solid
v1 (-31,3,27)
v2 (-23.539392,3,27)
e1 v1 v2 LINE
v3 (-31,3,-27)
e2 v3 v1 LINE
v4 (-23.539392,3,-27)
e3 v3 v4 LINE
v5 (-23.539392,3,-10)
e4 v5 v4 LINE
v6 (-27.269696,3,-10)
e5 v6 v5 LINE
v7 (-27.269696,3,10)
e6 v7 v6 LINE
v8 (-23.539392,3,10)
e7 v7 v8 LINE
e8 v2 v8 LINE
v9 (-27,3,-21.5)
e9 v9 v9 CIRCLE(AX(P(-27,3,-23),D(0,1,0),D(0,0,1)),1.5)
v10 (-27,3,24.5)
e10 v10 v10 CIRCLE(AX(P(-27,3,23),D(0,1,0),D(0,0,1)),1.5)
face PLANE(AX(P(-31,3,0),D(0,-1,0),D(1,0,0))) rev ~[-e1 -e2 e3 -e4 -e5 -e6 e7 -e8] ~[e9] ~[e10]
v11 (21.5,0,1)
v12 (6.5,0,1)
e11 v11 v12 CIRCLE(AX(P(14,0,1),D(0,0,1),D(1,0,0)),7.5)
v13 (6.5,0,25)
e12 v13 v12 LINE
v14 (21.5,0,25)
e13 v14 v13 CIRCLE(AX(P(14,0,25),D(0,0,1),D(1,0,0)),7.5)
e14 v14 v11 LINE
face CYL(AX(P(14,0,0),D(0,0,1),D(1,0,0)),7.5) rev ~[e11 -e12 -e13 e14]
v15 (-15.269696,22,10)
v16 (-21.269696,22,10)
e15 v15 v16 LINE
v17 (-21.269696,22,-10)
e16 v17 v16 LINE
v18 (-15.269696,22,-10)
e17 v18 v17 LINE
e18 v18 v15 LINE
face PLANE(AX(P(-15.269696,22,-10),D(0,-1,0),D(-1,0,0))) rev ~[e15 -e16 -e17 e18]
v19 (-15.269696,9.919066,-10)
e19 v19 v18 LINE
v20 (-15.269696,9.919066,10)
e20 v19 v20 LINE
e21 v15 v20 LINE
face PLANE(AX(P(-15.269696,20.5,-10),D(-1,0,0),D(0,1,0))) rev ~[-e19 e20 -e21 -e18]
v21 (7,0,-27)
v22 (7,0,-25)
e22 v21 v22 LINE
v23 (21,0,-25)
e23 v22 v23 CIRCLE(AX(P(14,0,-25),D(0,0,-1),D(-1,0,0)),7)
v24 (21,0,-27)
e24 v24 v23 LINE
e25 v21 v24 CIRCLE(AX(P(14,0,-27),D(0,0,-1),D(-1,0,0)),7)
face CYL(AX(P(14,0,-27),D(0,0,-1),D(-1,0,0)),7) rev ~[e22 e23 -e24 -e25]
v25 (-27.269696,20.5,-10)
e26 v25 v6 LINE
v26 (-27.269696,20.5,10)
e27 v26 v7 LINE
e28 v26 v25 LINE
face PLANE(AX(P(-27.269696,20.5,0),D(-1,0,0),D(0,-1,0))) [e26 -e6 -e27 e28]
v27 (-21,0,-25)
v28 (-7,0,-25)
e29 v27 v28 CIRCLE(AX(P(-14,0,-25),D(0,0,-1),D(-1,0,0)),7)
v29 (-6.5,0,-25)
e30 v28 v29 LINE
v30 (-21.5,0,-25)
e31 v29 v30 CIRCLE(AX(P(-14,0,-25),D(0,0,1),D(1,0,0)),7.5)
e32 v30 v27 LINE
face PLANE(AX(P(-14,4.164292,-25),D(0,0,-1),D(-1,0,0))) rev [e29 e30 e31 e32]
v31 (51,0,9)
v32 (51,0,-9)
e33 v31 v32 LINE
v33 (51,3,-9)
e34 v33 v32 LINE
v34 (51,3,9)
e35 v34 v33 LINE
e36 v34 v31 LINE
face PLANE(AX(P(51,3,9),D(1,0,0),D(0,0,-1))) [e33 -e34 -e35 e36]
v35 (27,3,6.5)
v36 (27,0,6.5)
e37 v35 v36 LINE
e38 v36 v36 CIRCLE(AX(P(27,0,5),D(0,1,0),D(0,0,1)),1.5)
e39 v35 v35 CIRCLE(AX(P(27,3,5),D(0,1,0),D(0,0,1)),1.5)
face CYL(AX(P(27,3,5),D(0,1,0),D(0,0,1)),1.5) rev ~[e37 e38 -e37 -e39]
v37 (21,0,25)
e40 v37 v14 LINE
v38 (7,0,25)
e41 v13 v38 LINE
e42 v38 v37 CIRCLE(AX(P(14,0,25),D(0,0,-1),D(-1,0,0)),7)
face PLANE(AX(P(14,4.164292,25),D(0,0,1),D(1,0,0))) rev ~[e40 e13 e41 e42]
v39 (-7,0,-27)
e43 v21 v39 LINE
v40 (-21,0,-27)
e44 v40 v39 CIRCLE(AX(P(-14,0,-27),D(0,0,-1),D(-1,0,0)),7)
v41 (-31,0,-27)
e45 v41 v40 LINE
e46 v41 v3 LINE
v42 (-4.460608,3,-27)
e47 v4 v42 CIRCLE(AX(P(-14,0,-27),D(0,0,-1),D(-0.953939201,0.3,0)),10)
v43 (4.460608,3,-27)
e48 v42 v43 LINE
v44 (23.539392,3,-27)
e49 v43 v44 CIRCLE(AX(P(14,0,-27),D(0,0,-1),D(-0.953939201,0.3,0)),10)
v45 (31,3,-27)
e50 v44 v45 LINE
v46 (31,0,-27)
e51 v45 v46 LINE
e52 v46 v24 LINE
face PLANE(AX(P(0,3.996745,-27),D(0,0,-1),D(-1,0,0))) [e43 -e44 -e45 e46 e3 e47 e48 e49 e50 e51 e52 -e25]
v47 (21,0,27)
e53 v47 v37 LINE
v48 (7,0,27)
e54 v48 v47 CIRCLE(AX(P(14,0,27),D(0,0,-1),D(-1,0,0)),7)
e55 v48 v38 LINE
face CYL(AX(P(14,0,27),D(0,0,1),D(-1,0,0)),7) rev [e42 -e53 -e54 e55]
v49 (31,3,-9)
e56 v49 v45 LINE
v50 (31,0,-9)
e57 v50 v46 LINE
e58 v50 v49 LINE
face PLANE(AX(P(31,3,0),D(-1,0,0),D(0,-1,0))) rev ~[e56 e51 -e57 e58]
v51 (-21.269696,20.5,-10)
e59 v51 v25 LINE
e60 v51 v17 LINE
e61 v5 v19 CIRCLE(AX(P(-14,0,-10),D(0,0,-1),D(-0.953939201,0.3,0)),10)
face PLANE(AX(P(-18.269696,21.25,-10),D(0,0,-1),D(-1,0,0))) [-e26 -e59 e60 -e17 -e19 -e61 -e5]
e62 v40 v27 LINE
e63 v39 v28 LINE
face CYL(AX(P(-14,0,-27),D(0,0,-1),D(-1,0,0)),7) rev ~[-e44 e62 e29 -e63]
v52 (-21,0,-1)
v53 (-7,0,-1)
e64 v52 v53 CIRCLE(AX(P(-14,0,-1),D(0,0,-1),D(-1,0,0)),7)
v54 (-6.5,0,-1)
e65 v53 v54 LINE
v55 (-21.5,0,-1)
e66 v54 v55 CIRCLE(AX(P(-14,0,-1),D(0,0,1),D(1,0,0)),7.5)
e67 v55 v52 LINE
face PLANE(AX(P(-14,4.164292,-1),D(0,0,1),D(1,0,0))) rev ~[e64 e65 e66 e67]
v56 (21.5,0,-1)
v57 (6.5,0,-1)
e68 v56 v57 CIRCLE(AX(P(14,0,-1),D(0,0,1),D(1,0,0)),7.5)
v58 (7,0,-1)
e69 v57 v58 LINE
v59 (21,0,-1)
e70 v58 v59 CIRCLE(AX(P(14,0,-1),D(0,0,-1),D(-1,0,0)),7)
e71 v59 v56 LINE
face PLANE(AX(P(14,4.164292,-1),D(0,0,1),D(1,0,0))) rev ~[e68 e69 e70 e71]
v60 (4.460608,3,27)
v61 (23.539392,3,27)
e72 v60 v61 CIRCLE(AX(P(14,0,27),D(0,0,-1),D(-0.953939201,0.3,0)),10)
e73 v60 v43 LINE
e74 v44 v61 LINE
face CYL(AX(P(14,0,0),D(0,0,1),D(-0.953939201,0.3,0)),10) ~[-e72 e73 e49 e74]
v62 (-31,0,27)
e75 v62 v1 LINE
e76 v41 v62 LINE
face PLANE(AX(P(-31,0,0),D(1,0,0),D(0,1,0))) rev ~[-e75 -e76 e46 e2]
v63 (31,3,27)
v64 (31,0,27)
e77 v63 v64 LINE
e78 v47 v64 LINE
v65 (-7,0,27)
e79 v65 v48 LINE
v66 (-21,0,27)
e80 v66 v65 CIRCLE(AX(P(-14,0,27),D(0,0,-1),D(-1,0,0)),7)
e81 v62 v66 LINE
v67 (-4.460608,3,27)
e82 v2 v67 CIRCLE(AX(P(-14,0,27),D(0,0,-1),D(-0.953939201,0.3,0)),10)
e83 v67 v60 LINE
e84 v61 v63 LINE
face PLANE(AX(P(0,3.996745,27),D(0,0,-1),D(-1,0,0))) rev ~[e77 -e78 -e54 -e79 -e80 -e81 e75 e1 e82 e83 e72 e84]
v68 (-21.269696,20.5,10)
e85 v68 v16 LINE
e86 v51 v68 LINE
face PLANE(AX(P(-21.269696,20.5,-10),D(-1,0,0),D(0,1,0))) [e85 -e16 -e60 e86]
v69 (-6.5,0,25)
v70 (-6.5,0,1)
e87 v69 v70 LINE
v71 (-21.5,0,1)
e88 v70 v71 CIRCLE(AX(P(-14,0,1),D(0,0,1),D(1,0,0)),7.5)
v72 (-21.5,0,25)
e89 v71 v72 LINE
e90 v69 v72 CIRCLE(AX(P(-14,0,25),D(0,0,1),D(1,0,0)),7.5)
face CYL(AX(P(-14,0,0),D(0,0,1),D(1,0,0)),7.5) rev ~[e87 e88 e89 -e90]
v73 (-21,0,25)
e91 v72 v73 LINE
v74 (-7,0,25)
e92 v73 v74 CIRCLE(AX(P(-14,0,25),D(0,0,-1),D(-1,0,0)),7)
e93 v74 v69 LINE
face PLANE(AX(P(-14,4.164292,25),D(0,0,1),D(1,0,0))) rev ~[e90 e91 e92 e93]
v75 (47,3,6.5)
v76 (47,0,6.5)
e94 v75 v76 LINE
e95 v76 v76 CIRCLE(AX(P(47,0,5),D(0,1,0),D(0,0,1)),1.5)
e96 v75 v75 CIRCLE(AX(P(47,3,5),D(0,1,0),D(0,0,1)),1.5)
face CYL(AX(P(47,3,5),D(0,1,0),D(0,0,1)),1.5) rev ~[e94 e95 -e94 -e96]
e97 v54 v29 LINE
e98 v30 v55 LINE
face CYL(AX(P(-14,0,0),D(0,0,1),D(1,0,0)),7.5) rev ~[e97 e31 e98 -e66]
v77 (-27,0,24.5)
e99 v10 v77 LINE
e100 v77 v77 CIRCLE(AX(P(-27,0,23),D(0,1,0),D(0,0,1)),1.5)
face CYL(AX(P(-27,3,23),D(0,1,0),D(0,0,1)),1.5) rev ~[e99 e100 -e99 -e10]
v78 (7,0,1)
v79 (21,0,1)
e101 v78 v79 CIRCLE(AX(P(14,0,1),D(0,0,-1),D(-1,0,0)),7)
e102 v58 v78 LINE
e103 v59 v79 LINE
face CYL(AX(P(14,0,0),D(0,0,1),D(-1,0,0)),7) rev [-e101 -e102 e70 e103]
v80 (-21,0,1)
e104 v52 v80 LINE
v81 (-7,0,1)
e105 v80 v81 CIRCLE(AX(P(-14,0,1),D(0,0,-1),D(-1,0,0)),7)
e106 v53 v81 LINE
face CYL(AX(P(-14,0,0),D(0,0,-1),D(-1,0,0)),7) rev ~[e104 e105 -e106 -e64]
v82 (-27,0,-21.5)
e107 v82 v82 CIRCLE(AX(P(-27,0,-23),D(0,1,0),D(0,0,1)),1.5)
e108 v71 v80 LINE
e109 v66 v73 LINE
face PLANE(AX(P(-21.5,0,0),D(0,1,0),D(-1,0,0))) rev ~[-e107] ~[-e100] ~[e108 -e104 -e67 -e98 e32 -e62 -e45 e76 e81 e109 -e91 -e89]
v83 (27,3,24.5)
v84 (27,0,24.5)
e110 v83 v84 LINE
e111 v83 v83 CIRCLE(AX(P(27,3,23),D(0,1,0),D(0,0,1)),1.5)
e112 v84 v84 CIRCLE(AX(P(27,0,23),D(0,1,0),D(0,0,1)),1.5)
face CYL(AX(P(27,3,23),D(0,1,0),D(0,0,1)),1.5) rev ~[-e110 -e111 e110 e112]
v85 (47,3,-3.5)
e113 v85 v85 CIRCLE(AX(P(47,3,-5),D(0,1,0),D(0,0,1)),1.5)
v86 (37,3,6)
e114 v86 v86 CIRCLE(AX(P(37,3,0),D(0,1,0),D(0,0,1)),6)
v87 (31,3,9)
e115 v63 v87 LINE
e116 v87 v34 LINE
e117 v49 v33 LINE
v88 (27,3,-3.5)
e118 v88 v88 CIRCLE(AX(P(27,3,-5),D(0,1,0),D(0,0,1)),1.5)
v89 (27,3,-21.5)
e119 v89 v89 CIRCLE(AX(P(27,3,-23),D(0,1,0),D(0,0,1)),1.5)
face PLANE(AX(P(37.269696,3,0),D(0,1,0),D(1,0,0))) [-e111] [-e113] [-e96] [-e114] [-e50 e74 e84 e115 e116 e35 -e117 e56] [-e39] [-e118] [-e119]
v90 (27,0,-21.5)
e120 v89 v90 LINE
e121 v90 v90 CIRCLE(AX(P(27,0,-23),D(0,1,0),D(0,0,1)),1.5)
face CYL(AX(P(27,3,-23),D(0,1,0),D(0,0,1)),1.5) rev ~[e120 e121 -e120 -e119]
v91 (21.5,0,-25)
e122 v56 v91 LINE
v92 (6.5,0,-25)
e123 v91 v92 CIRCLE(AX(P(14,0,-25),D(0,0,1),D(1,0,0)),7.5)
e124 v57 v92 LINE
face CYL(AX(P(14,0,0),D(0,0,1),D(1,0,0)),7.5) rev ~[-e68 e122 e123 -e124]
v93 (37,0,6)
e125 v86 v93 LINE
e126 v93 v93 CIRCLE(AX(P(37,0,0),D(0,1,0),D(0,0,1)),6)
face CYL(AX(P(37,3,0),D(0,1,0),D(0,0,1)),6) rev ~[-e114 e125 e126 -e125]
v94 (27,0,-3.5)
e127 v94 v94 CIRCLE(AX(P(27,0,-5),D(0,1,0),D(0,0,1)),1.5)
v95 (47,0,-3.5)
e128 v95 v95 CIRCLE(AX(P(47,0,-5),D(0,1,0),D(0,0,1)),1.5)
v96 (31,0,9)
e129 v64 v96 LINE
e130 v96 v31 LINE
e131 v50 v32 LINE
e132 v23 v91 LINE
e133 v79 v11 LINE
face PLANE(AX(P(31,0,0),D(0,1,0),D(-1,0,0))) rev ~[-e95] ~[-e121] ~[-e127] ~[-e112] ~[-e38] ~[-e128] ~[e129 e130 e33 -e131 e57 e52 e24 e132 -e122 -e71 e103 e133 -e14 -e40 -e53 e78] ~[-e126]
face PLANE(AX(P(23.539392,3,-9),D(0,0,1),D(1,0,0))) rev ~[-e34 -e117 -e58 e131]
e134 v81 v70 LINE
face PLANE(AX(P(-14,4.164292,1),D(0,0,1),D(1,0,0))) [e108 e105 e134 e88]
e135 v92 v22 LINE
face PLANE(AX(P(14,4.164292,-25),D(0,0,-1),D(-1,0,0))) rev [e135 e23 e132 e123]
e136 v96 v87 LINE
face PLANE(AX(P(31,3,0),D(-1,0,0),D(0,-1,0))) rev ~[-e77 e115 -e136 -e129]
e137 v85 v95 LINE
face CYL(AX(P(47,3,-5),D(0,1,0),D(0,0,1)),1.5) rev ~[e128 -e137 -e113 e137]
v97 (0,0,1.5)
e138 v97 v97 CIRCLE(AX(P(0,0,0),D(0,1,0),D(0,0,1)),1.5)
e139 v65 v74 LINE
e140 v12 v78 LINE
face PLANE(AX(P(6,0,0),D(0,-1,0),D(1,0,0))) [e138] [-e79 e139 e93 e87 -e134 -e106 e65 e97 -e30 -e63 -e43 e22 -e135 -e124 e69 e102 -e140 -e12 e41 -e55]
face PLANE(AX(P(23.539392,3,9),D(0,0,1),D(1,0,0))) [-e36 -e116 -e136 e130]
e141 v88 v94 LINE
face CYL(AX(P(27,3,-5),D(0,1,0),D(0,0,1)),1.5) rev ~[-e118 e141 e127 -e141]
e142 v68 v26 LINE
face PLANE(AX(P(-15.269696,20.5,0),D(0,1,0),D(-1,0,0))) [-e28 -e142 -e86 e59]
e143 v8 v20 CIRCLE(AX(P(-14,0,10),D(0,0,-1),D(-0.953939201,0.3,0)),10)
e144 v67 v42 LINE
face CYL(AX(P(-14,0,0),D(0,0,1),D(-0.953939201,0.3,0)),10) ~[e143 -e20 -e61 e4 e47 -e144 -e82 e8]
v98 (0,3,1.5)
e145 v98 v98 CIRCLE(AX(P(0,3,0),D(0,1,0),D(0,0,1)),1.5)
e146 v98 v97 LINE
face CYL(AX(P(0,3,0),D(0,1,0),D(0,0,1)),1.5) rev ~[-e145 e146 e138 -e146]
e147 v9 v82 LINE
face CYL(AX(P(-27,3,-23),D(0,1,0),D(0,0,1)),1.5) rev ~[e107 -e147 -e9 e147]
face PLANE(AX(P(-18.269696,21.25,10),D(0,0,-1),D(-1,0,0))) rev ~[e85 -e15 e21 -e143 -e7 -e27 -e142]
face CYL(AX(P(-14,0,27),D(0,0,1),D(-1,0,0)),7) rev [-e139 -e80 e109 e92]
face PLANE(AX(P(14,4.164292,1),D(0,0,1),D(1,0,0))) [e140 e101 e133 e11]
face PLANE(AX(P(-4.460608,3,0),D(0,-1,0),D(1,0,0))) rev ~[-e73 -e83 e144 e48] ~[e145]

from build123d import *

# Parameters (mm, degrees)
BOSS_EXTRUDE1_DEPTH = 27
BOSS_EXTRUDE2_DEPTH = 2
BOSS_EXTRUDE3_DEPTH = 1
SKETCH4_R           = 1.5
CUT_EXTRUDE1_DEPTH  = 42.701318924
SKETCH5_W           = 27.460607986
SKETCH5_H           = 18
BOSS_EXTRUDE4_DEPTH = 3
SKETCH6_R           = 1.5
SKETCH6_R_2         = 6
CUT_EXTRUDE2_DEPTH  = 59.129166517
BOSS_EXTRUDE5_DEPTH = 10
SKETCH8_W           = 6
SKETCH8_H           = 1.5
BOSS_EXTRUDE6_DEPTH = 20


with BuildPart() as part:
    # Sketch1 → Boss-Extrude1 (new, symmetric)
    with BuildSketch(Plane.XY):
        with BuildLine():
            Line((-31, 3), (-23.539392014, 3))
            ThreePointArc((-23.539392014, 3), (-14, 10), (-4.460607986, 3))
            Line((-4.460607986, 3), (4.460607986, 3))
            ThreePointArc((4.460607986, 3), (14, 10), (23.539392014, 3))
            Line((23.539392014, 3), (31, 3))
            Line((31, 3), (31, 0))
            Line((31, 0), (21.5, 0))
            ThreePointArc((21.5, 0), (14, 7.5), (6.5, 0))
            Line((6.5, 0), (-6.5, 0))
            ThreePointArc((-6.5, 0), (-14, 7.5), (-21.5, 0))
            Line((-21.5, 0), (-31, 0))
            Line((-31, 0), (-31, 3))
        make_face()
    extrude(amount=BOSS_EXTRUDE1_DEPTH, both=True)

    # Sketch2 → Boss-Extrude2 (add)
    with BuildSketch(Plane.XY.offset(27)):
        with BuildLine():
            Line((-22, 0), (-21, 0))
            ThreePointArc((-21, 0), (-14, 7), (-7, 0))
            Line((-7, 0), (-6, 0))
            ThreePointArc((-6, 0), (-14, 8), (-22, 0))
        make_face()
        with BuildLine():
            Line((21, 0), (22, 0))
            ThreePointArc((22, 0), (14, 8), (6, 0))
            Line((6, 0), (7, 0))
            ThreePointArc((7, 0), (14, 7), (21, 0))
        make_face()
    boss_extrude2 = extrude(amount=-BOSS_EXTRUDE2_DEPTH)

    # Mirror1: Boss-Extrude2 across plane
    add(boss_extrude2.mirror(Plane.XY))

    # Sketch3 → Boss-Extrude3 (add, symmetric)
    with BuildSketch(Plane.XY):
        with BuildLine():
            Line((-22, 0), (-21, 0))
            ThreePointArc((-21, 0), (-14, 7), (-7, 0))
            Line((-7, 0), (-6, 0))
            ThreePointArc((-6, 0), (-14, 8), (-22, 0))
        make_face()
        with BuildLine():
            Line((6, 0), (7, 0))
            ThreePointArc((7, 0), (14, 7), (21, 0))
            Line((21, 0), (22, 0))
            ThreePointArc((22, 0), (14, 8), (6, 0))
        make_face()
    extrude(amount=BOSS_EXTRUDE3_DEPTH, both=True)

    # Sketch4 → Cut-Extrude1 (cut, through all)
    with BuildSketch(Plane(origin=(0, 3, 0), x_dir=(1, 0, 0), z_dir=(0, 1, 0))):
        with Locations(Location((-27, 23, 0), (0, 0, 270))):
            Circle(SKETCH4_R)
        with Locations(Location((-27, -23, 0), (0, 0, 270))):
            Circle(SKETCH4_R)
        with Locations(Location((27, -23, 0), (0, 0, 270))):
            Circle(SKETCH4_R)
        with Locations(Location((27, 23, 0), (0, 0, 270))):
            Circle(SKETCH4_R)
        with Locations(Location((0, 0, 0), (0, 0, 270))):
            Circle(SKETCH4_R)
    extrude(amount=-CUT_EXTRUDE1_DEPTH, mode=Mode.SUBTRACT)

    # Sketch5 → Boss-Extrude4 (add)
    with BuildSketch(Plane(origin=(0, 3, 0), x_dir=(1, 0, 0), z_dir=(0, 1, 0))):
        with Locations((37.269696007, 0)):
            Rectangle(SKETCH5_W, SKETCH5_H)
    extrude(amount=-BOSS_EXTRUDE4_DEPTH)

    # Sketch6 → Cut-Extrude2 (cut, through all)
    with BuildSketch(Plane(origin=(0, 3, 0), x_dir=(1, 0, 0), z_dir=(0, 1, 0))):
        with Locations(Location((47, 5, 0), (0, 0, 270))):
            Circle(SKETCH6_R)
        with Locations(Location((47, -5, 0), (0, 0, 270))):
            Circle(SKETCH6_R)
        with Locations(Location((27, -5, 0), (0, 0, 270))):
            Circle(SKETCH6_R)
        with Locations(Location((27, 5, 0), (0, 0, 270))):
            Circle(SKETCH6_R)
        with Locations(Location((37, 0, 0), (0, 0, 270))):
            Circle(SKETCH6_R_2)
    extrude(amount=-CUT_EXTRUDE2_DEPTH, mode=Mode.SUBTRACT)

    # Sketch7 → Boss-Extrude5 (add, symmetric)
    with BuildSketch(Plane.XY):
        with BuildLine():
            Line((-27.269696007, 3), (-23.539392014, 3))
            ThreePointArc((-23.539392014, 3), (-20.416966951, 7.669585071), (-15.269696007, 9.919066088))
            Line((-15.269696007, 9.919066088), (-15.269696007, 20.5))
            Line((-15.269696007, 20.5), (-27.269696007, 20.5))
            Line((-27.269696007, 20.5), (-27.269696007, 3))
        make_face()
    extrude(amount=BOSS_EXTRUDE5_DEPTH, both=True)

    # Sketch8 → Boss-Extrude6 (add)
    with BuildSketch(Plane(origin=(0, 0, -10), x_dir=(-1, 0, 0), z_dir=(0, 0, -1))):
        with Locations((18.269696007, 21.25)):
            Rectangle(SKETCH8_W, SKETCH8_H)
    extrude(amount=-BOSS_EXTRUDE6_DEPTH)


solid = part.part
